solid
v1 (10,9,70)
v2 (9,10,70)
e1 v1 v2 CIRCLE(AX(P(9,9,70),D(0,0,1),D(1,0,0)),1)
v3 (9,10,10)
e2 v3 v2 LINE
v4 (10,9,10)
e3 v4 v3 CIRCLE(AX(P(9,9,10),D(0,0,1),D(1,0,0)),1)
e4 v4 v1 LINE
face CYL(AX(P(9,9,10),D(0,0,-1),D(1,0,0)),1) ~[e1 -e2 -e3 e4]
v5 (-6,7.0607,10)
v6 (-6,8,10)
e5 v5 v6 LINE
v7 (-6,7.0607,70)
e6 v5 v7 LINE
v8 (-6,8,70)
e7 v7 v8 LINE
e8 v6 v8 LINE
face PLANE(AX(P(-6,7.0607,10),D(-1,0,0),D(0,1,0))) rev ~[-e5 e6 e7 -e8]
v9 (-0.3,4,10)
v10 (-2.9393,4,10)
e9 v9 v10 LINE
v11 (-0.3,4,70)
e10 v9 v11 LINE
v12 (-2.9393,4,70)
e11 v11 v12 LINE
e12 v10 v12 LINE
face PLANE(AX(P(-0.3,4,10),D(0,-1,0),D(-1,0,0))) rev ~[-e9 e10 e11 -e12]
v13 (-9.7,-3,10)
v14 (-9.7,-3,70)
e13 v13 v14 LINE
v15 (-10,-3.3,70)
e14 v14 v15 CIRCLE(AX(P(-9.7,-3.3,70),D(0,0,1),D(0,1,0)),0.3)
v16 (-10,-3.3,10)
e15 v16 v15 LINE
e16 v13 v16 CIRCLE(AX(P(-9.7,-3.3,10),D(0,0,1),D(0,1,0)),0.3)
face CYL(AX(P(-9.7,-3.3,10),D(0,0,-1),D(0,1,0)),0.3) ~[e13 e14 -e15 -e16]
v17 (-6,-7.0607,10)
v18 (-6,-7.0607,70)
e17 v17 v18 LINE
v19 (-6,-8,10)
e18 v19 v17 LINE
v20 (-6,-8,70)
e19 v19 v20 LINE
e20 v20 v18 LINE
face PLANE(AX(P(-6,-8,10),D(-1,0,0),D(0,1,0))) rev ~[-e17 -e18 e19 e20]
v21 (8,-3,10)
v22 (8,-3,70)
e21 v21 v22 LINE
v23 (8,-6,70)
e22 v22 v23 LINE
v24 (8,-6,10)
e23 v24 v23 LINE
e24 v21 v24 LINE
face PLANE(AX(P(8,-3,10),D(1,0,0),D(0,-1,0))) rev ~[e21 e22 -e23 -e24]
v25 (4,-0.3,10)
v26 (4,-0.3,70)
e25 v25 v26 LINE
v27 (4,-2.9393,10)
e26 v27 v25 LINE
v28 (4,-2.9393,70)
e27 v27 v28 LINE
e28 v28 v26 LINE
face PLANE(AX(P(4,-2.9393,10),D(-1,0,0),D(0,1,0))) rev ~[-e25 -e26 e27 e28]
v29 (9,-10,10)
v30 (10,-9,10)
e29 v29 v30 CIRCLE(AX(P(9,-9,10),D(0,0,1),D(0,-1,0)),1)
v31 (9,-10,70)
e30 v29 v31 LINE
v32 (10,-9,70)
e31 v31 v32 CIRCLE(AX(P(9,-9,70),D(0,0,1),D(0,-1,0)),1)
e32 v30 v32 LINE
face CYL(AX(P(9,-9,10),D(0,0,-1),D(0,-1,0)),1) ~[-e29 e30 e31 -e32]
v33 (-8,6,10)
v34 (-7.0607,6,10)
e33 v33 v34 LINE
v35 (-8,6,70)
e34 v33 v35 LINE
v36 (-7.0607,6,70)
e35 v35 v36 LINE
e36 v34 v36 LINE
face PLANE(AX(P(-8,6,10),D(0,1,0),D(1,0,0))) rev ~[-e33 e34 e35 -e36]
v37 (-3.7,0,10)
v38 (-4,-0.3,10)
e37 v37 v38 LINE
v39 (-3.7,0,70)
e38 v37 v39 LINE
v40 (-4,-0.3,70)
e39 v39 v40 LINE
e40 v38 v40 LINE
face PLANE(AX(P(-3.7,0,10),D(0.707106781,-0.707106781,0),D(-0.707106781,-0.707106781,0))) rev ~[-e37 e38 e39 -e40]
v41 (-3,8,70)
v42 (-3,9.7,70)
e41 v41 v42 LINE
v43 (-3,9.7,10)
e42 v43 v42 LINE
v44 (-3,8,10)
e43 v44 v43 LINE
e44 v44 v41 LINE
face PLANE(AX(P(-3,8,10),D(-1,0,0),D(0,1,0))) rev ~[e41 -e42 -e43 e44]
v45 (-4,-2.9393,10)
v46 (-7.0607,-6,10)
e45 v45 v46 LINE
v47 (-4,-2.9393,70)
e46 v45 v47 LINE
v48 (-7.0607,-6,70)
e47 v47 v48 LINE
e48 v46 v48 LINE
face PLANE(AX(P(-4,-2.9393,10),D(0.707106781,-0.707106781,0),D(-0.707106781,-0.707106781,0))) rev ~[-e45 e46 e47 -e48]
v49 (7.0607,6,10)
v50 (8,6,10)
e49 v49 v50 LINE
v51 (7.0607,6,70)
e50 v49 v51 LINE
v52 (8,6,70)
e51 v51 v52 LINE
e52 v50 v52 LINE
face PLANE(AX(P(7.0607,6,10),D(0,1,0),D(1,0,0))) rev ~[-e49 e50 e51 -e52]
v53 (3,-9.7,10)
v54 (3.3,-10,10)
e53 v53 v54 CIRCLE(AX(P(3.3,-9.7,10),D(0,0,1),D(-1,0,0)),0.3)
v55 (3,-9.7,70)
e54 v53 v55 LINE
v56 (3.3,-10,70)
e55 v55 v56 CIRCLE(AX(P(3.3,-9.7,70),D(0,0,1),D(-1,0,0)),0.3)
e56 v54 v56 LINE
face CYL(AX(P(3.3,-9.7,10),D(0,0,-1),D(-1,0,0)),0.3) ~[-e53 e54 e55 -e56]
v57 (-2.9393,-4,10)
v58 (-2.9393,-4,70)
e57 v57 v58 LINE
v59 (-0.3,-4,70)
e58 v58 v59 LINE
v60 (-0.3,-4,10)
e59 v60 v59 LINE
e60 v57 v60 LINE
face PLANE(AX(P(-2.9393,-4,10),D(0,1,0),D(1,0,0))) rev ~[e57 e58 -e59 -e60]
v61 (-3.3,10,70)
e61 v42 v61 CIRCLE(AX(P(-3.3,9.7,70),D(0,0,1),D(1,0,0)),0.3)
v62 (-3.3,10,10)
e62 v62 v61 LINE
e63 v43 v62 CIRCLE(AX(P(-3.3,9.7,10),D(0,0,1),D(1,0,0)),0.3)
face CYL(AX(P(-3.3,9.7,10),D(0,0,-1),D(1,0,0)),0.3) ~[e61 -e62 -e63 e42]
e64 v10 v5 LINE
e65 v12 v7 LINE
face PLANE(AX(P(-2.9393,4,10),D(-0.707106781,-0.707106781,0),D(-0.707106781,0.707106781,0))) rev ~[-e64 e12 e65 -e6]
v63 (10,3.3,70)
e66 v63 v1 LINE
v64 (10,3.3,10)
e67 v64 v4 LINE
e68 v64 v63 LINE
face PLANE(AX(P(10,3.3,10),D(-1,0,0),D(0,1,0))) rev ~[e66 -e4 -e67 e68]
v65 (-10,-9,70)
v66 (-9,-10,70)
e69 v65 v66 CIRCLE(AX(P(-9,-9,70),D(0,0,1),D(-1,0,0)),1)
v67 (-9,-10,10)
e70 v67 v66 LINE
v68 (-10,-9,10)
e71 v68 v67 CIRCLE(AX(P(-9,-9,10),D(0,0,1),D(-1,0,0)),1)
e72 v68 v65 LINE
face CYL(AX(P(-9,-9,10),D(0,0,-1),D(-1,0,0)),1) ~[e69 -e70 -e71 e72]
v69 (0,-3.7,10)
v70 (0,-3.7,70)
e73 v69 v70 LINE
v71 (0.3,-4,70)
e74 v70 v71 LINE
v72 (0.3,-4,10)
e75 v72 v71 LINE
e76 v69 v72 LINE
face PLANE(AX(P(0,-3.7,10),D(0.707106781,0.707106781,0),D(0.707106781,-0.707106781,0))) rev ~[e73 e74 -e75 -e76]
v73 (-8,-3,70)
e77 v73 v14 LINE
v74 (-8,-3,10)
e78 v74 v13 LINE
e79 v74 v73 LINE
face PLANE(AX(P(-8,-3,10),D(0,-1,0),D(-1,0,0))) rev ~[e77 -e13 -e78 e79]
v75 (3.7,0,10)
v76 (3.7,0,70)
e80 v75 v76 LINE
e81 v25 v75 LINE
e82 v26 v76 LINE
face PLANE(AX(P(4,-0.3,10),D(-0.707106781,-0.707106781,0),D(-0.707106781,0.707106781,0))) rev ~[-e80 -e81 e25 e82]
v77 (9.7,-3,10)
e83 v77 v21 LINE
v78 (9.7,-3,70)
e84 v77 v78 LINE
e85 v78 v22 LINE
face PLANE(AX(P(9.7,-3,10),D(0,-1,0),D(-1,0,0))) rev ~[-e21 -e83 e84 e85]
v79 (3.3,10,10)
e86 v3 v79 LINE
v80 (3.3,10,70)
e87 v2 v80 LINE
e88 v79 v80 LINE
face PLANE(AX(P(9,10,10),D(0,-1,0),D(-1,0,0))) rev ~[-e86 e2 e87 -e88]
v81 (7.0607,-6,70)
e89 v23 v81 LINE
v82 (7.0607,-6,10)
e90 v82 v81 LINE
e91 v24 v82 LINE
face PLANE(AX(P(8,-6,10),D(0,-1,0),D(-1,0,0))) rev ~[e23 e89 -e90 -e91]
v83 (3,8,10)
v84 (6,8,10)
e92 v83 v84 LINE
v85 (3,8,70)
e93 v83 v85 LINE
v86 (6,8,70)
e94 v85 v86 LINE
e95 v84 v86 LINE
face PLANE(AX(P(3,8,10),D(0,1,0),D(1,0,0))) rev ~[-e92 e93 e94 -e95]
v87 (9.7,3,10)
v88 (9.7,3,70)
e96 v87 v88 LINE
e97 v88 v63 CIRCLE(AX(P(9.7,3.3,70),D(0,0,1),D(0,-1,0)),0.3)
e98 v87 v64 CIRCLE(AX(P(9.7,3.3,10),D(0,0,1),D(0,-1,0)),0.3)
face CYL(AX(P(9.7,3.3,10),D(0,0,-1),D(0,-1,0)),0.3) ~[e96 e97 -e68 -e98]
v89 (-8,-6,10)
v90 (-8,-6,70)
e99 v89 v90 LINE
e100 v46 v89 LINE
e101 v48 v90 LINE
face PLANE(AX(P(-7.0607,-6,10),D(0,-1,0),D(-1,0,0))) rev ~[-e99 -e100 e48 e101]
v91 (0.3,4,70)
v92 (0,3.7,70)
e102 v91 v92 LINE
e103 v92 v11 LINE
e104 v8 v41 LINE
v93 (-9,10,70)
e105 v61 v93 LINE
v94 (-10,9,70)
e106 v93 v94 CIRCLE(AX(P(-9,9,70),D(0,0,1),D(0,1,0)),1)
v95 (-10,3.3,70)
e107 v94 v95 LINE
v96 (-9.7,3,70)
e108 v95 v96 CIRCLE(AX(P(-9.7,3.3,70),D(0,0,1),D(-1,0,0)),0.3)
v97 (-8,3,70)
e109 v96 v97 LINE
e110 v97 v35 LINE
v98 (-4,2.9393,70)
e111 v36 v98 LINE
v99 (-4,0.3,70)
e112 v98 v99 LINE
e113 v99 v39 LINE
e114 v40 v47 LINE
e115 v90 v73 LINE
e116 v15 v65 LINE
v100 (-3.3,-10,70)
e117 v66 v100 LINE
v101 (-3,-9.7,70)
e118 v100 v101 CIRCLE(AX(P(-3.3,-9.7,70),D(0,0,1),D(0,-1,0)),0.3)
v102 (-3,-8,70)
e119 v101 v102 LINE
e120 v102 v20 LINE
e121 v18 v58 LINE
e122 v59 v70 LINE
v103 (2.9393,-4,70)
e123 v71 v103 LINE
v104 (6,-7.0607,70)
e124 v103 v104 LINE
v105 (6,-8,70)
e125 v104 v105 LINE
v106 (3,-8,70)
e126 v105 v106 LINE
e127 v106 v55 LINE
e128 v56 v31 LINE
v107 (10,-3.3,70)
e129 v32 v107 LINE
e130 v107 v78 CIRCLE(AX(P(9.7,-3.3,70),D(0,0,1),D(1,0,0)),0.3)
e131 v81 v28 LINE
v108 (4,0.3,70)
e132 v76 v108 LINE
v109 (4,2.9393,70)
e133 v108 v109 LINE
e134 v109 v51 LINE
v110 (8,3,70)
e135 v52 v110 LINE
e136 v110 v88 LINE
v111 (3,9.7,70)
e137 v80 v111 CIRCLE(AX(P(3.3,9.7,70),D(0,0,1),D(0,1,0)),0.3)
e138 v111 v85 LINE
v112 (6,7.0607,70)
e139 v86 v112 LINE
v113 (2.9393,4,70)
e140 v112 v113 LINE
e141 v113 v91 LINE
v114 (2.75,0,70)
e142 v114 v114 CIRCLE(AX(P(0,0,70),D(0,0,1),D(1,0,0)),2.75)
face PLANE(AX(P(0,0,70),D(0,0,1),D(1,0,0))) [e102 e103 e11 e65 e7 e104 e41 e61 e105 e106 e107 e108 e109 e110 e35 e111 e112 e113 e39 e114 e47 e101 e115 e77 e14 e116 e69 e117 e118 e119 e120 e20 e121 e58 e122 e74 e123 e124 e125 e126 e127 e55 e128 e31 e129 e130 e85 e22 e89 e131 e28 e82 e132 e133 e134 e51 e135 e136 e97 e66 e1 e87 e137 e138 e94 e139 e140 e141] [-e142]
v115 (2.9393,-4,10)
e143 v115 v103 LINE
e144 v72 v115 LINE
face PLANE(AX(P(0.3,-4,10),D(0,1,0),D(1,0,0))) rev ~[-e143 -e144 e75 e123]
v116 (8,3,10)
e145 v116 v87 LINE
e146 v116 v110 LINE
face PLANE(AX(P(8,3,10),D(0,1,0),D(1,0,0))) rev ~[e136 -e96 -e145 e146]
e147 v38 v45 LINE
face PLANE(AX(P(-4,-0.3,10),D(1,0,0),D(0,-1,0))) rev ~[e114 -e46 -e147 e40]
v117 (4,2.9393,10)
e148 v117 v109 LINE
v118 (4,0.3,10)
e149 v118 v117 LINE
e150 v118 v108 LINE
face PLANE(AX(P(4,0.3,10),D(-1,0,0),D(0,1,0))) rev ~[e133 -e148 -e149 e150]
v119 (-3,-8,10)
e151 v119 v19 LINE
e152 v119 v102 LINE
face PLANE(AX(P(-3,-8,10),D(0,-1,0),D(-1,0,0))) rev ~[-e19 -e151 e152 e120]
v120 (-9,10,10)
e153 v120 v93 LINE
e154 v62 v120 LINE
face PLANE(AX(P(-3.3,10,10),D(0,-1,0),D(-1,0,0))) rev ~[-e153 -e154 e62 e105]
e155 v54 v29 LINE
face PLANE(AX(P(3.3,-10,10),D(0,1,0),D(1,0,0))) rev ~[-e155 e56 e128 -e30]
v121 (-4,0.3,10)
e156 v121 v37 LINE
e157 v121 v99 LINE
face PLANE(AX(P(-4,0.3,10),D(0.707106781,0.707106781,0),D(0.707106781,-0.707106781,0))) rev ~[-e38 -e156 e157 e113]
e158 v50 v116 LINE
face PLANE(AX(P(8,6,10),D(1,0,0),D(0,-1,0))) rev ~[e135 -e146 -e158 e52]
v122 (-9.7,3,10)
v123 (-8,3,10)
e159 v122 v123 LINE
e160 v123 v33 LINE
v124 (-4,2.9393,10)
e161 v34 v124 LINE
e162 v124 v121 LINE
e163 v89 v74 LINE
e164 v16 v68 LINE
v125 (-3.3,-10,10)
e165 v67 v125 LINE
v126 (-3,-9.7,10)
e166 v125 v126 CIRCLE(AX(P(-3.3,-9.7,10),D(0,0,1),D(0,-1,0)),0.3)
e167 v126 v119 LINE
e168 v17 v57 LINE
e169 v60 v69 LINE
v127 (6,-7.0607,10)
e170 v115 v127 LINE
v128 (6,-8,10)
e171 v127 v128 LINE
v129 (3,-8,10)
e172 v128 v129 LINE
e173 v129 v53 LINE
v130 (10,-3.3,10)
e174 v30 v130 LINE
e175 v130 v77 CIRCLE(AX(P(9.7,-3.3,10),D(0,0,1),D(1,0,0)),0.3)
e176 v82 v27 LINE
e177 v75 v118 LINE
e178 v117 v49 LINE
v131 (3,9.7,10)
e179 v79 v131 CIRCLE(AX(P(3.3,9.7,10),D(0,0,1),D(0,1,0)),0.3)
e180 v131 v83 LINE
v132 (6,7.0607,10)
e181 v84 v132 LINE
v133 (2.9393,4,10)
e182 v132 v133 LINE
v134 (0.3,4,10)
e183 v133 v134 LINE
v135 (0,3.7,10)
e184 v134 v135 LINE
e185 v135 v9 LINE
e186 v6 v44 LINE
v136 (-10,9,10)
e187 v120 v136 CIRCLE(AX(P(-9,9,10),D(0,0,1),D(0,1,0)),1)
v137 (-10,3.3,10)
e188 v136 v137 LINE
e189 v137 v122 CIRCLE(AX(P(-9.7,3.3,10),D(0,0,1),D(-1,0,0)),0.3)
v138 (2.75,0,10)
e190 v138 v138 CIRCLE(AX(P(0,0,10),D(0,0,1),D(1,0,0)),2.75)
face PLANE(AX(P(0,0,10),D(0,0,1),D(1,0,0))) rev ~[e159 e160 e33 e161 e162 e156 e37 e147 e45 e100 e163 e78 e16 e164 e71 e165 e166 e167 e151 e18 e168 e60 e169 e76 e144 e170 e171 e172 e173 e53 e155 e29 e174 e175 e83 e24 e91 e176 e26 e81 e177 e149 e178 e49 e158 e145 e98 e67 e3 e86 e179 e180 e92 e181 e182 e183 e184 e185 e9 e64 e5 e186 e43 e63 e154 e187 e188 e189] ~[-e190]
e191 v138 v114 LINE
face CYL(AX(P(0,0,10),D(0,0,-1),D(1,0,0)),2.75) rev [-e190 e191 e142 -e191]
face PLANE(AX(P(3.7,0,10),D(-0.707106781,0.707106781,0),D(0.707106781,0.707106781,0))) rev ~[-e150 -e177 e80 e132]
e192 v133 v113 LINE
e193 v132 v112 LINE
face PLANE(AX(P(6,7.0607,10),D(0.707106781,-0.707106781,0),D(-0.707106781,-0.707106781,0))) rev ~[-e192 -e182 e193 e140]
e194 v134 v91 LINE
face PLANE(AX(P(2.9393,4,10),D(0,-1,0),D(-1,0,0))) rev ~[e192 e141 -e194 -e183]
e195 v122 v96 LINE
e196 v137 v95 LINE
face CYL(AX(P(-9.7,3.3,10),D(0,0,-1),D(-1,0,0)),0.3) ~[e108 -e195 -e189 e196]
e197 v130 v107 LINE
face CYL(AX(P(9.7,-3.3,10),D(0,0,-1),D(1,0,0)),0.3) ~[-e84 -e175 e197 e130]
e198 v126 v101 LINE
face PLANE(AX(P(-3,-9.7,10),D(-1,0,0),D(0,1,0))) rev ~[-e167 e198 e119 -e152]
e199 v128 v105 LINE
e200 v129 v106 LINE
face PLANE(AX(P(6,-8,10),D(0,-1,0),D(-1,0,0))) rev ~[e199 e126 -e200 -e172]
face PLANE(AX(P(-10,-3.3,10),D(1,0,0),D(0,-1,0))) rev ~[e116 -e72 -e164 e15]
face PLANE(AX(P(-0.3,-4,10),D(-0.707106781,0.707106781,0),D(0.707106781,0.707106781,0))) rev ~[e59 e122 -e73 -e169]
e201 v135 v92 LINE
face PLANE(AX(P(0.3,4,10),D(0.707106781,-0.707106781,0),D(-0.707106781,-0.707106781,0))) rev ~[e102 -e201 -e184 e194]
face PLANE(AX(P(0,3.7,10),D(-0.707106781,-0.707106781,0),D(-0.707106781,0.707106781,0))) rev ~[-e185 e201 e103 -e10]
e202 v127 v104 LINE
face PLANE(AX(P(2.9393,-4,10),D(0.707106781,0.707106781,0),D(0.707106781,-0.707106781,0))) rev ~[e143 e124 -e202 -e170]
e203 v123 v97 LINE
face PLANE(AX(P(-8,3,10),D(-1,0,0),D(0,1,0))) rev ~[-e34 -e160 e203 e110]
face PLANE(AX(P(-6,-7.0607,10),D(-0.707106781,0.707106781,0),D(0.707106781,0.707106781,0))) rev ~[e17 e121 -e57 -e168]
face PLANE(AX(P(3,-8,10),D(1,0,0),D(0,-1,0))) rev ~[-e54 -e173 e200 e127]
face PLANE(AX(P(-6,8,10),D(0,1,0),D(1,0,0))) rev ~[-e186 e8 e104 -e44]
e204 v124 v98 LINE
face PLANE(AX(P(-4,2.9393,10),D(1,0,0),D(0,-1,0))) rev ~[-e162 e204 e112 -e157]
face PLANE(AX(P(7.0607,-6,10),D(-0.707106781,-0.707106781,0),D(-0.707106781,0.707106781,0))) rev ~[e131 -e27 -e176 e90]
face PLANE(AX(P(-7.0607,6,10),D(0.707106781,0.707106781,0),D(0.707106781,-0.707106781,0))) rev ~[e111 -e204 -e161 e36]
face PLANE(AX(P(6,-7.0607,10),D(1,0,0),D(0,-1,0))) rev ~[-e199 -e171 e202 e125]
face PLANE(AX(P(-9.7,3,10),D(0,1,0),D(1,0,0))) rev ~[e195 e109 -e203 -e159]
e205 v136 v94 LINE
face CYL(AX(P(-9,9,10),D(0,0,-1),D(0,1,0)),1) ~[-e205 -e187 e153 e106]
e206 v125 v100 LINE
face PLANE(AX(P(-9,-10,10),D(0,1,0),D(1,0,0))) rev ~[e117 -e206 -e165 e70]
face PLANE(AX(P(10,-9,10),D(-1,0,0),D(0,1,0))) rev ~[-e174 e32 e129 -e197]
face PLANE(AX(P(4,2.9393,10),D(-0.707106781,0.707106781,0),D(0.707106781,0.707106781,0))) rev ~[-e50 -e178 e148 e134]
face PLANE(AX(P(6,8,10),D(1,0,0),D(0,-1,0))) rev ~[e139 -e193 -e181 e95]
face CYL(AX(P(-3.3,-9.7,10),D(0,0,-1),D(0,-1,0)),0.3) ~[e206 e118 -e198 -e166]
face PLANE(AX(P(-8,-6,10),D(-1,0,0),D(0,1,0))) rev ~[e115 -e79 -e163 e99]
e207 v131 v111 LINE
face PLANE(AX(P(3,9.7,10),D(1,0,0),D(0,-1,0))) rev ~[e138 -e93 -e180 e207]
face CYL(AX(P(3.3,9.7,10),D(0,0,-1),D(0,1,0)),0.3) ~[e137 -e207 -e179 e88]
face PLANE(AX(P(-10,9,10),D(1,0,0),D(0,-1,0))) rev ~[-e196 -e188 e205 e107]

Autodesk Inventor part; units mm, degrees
ref_plane "Startebene" through (0, 0, 0) normal (0, 0, 1) x (1, 0, 0)
ref_plane "Endebene" through (0, 0, 320) normal (0, 0, 1) x (1, 0, 0)
ref_plane "Startebene1" through (0, 0, 0) normal (0, 0, 1) x (1, 0, 0)
ref_plane "Endebene1" through (0, 0, 80) normal (0, 0, 1) x (1, 0, 0)
ref_plane "Startebene2" through (0, 0, 10) normal (0, 0, 1) x (1, 0, 0)
ref_plane "Endebene2" through (0, 0, 70) normal (0, 0, 1) x (1, 0, 0)
sketch "Skizze" plane through (0, 0, 0) normal (0, 0, 1) x (1, 0, 0)
  line L0 (-10, 9) -> (-10, 3.3)
  arc A0 (-10, 3.3) -> (-9.7, 3) centre (-9.7, 3.3) ccw
  line L1 (-9.7, 3) -> (-8, 3)
  line L2 (-8, 3) -> (-8, 6)
  line L3 (-8, 6) -> (-7.0607, 6)
  line L4 (-7.0607, 6) -> (-4, 2.9393)
  line L5 (-4, 2.9393) -> (-4, 0.3)
  line L6 (-4, 0.3) -> (-3.7, 0)
  line L7 (-3.7, 0) -> (-4, -0.3)
  line L8 (-4, -0.3) -> (-4, -2.9393)
  line L9 (-4, -2.9393) -> (-7.0607, -6)
  line L10 (-7.0607, -6) -> (-8, -6)
  line L11 (-8, -6) -> (-8, -3)
  line L12 (-8, -3) -> (-9.7, -3)
  arc A1 (-9.7, -3) -> (-10, -3.3) centre (-9.7, -3.3) ccw
  line L13 (-10, -3.3) -> (-10, -9)
  arc A2 (-10, -9) -> (-9, -10) centre (-9, -9) ccw
  line L14 (-9, -10) -> (-3.3, -10)
  arc A3 (-3.3, -10) -> (-3, -9.7) centre (-3.3, -9.7) ccw
  line L15 (-3, -9.7) -> (-3, -8)
  line L16 (-3, -8) -> (-6, -8)
  line L17 (-6, -8) -> (-6, -7.0607)
  line L18 (-6, -7.0607) -> (-2.9393, -4)
  line L19 (-2.9393, -4) -> (-0.3, -4)
  line L20 (-0.3, -4) -> (0, -3.7)
  line L21 (0, -3.7) -> (0.3, -4)
  line L22 (0.3, -4) -> (2.9393, -4)
  line L23 (2.9393, -4) -> (6, -7.0607)
  line L24 (6, -7.0607) -> (6, -8)
  line L25 (6, -8) -> (3, -8)
  line L26 (3, -8) -> (3, -9.7)
  arc A4 (3, -9.7) -> (3.3, -10) centre (3.3, -9.7) ccw
  line L27 (3.3, -10) -> (9, -10)
  arc A5 (9, -10) -> (10, -9) centre (9, -9) ccw
  line L28 (10, -9) -> (10, -3.3)
  arc A6 (10, -3.3) -> (9.7, -3) centre (9.7, -3.3) ccw
  line L29 (9.7, -3) -> (8, -3)
  line L30 (8, -3) -> (8, -6)
  line L31 (8, -6) -> (7.0607, -6)
  line L32 (7.0607, -6) -> (4, -2.9393)
  line L33 (4, -2.9393) -> (4, -0.3)
  line L34 (4, -0.3) -> (3.7, 0)
  line L35 (3.7, 0) -> (4, 0.3)
  line L36 (4, 0.3) -> (4, 2.9393)
  line L37 (4, 2.9393) -> (7.0607, 6)
  line L38 (7.0607, 6) -> (8, 6)
  line L39 (8, 6) -> (8, 3)
  line L40 (8, 3) -> (9.7, 3)
  arc A7 (9.7, 3) -> (10, 3.3) centre (9.7, 3.3) ccw
  line L41 (10, 3.3) -> (10, 9)
  arc A8 (10, 9) -> (9, 10) centre (9, 9) ccw
  line L42 (9, 10) -> (3.3, 10)
  arc A9 (3.3, 10) -> (3, 9.7) centre (3.3, 9.7) ccw
  line L43 (3, 9.7) -> (3, 8)
  line L44 (3, 8) -> (6, 8)
  line L45 (6, 8) -> (6, 7.0607)
  line L46 (6, 7.0607) -> (2.9393, 4)
  line L47 (2.9393, 4) -> (0.3, 4)
  line L48 (0.3, 4) -> (0, 3.7)
  line L49 (0, 3.7) -> (-0.3, 4)
  line L50 (-0.3, 4) -> (-2.9393, 4)
  line L51 (-2.9393, 4) -> (-6, 7.0607)
  line L52 (-6, 7.0607) -> (-6, 8)
  line L53 (-6, 8) -> (-3, 8)
  line L54 (-3, 8) -> (-3, 9.7)
  arc A10 (-3, 9.7) -> (-3.3, 10) centre (-3.3, 9.7) ccw
  line L55 (-3.3, 10) -> (-9, 10)
  arc A11 (-9, 10) -> (-10, 9) centre (-9, 9) ccw
  circle A12 centre (0, 0) radius 2.75
  dimension "d2" = 5.5
  dimension "d3" = 10
  dimension "d4" = 10
  dimension "d5" = 5.7
  dimension "d6" = 5.7
  dimension "d7" = 1.7
  dimension "d8" = 3
  dimension "d9" = 0.3
  dimension "d10" = 90
  dimension "d11" = 45
  dimension "d12" = 45
  dimension "d13" = 45
  dimension "d14" = 90
  dimension "d15" = 90
  dimension "d16" = 45
  dimension "d17" = 45
  dimension "d18" = 45
  dimension "d19" = 45
  dimension "d20" = 90
  dimension "d21" = 90
  dimension "d22" = 45
  dimension "d23" = 45
  dimension "d24" = 90
  dimension "d25" = 90
  dimension "d26" = 90
  dimension "d27" = 90
  dimension "d28" = 90
  dimension "d29" = 90
  dimension "d30" = 90
  dimension "d31" = 90
  dimension "d32" = 90
  dimension "d33" = 90
  dimension "d34" = 90
  dimension "d35" = 90
  dimension "d36" = 90
  dimension "d37" = 90
  dimension "d38" = 90
  dimension "d39" = 4
  dimension "d40" = 6
  dimension "d41" = 13
  dimension "d42" = 14
  dimension "d43" = 16
  dimension "d44" = 18
  dimension "d45" = 3
  dimension "d46" = 9
  dimension "d47" = 7
  dimension "d48" = 1
  dimension "d49" = 7
  dimension "d50" = 1.5
  dimension "d51" = 1.8663
  dimension "d52" = 3.3663
  dimension "d53" = 1.5
  dimension "d54" = 1.8663
  dimension "d55" = 3.3663
  dimension "d56" = 4
  dimension "d57" = 10.8187
  dimension "d58" = 1.9092
  dimension "d59" = 5
  dimension "d60" = 13
  dimension "d61" = 13
  dimension "d62" = 16.0513
  dimension "d63" = 3.3234
  dimension "d64" = 14
  dimension "d65" = 12.685
extrude "Körper" add sketch "Skizze" along normal up to surface (60 mm away) from surface at 10
sketch "Skizze13" plane through (0, 0, 0) normal (0, 0, 1) x (1, 0, 0)
  line L0 (0, 0) -> (10, 0)
ref_plane "Arbeitsebene12" through (0, 0, 0) normal (0, -1, 0) x (1, 0, 0)
sketch "Skizze14" plane through (0, 0, 0) normal (0, -1, 0) x (1, 0, 0)
  line L0 (-2, 10) -> (12, 10)
  line L1 (-2, 70) -> (12, 70)
  dimension "d80" = 60
ref_plane "Arbeitsebene13" through (3.3, 0, 70) normal (0, 0, 1) x (1, 0, 0)
split "Trennen1" plane through (3.3, 0, 70) removes the side toward (0, 0, 1)
ref_plane "Arbeitsebene14" through (-9, -80, 10) normal (0, 0, -1) x (-1, 0, 0)
split "Trennen2" plane through (-9, -80, 10) removes the side toward (0, 0, -1)
equation "\"G_OFFSET_START\" = 0"
equation "\"G_OFFSET_END\" = 0"
equation "\"G_L\" = d80"
equation "\"G_OFFSET_START1\" = 0"
equation "\"G_OFFSET_END1\" = 0"
properties part number "Alu Profil 20x20 - AP2020" material "Aluminium 6061"
